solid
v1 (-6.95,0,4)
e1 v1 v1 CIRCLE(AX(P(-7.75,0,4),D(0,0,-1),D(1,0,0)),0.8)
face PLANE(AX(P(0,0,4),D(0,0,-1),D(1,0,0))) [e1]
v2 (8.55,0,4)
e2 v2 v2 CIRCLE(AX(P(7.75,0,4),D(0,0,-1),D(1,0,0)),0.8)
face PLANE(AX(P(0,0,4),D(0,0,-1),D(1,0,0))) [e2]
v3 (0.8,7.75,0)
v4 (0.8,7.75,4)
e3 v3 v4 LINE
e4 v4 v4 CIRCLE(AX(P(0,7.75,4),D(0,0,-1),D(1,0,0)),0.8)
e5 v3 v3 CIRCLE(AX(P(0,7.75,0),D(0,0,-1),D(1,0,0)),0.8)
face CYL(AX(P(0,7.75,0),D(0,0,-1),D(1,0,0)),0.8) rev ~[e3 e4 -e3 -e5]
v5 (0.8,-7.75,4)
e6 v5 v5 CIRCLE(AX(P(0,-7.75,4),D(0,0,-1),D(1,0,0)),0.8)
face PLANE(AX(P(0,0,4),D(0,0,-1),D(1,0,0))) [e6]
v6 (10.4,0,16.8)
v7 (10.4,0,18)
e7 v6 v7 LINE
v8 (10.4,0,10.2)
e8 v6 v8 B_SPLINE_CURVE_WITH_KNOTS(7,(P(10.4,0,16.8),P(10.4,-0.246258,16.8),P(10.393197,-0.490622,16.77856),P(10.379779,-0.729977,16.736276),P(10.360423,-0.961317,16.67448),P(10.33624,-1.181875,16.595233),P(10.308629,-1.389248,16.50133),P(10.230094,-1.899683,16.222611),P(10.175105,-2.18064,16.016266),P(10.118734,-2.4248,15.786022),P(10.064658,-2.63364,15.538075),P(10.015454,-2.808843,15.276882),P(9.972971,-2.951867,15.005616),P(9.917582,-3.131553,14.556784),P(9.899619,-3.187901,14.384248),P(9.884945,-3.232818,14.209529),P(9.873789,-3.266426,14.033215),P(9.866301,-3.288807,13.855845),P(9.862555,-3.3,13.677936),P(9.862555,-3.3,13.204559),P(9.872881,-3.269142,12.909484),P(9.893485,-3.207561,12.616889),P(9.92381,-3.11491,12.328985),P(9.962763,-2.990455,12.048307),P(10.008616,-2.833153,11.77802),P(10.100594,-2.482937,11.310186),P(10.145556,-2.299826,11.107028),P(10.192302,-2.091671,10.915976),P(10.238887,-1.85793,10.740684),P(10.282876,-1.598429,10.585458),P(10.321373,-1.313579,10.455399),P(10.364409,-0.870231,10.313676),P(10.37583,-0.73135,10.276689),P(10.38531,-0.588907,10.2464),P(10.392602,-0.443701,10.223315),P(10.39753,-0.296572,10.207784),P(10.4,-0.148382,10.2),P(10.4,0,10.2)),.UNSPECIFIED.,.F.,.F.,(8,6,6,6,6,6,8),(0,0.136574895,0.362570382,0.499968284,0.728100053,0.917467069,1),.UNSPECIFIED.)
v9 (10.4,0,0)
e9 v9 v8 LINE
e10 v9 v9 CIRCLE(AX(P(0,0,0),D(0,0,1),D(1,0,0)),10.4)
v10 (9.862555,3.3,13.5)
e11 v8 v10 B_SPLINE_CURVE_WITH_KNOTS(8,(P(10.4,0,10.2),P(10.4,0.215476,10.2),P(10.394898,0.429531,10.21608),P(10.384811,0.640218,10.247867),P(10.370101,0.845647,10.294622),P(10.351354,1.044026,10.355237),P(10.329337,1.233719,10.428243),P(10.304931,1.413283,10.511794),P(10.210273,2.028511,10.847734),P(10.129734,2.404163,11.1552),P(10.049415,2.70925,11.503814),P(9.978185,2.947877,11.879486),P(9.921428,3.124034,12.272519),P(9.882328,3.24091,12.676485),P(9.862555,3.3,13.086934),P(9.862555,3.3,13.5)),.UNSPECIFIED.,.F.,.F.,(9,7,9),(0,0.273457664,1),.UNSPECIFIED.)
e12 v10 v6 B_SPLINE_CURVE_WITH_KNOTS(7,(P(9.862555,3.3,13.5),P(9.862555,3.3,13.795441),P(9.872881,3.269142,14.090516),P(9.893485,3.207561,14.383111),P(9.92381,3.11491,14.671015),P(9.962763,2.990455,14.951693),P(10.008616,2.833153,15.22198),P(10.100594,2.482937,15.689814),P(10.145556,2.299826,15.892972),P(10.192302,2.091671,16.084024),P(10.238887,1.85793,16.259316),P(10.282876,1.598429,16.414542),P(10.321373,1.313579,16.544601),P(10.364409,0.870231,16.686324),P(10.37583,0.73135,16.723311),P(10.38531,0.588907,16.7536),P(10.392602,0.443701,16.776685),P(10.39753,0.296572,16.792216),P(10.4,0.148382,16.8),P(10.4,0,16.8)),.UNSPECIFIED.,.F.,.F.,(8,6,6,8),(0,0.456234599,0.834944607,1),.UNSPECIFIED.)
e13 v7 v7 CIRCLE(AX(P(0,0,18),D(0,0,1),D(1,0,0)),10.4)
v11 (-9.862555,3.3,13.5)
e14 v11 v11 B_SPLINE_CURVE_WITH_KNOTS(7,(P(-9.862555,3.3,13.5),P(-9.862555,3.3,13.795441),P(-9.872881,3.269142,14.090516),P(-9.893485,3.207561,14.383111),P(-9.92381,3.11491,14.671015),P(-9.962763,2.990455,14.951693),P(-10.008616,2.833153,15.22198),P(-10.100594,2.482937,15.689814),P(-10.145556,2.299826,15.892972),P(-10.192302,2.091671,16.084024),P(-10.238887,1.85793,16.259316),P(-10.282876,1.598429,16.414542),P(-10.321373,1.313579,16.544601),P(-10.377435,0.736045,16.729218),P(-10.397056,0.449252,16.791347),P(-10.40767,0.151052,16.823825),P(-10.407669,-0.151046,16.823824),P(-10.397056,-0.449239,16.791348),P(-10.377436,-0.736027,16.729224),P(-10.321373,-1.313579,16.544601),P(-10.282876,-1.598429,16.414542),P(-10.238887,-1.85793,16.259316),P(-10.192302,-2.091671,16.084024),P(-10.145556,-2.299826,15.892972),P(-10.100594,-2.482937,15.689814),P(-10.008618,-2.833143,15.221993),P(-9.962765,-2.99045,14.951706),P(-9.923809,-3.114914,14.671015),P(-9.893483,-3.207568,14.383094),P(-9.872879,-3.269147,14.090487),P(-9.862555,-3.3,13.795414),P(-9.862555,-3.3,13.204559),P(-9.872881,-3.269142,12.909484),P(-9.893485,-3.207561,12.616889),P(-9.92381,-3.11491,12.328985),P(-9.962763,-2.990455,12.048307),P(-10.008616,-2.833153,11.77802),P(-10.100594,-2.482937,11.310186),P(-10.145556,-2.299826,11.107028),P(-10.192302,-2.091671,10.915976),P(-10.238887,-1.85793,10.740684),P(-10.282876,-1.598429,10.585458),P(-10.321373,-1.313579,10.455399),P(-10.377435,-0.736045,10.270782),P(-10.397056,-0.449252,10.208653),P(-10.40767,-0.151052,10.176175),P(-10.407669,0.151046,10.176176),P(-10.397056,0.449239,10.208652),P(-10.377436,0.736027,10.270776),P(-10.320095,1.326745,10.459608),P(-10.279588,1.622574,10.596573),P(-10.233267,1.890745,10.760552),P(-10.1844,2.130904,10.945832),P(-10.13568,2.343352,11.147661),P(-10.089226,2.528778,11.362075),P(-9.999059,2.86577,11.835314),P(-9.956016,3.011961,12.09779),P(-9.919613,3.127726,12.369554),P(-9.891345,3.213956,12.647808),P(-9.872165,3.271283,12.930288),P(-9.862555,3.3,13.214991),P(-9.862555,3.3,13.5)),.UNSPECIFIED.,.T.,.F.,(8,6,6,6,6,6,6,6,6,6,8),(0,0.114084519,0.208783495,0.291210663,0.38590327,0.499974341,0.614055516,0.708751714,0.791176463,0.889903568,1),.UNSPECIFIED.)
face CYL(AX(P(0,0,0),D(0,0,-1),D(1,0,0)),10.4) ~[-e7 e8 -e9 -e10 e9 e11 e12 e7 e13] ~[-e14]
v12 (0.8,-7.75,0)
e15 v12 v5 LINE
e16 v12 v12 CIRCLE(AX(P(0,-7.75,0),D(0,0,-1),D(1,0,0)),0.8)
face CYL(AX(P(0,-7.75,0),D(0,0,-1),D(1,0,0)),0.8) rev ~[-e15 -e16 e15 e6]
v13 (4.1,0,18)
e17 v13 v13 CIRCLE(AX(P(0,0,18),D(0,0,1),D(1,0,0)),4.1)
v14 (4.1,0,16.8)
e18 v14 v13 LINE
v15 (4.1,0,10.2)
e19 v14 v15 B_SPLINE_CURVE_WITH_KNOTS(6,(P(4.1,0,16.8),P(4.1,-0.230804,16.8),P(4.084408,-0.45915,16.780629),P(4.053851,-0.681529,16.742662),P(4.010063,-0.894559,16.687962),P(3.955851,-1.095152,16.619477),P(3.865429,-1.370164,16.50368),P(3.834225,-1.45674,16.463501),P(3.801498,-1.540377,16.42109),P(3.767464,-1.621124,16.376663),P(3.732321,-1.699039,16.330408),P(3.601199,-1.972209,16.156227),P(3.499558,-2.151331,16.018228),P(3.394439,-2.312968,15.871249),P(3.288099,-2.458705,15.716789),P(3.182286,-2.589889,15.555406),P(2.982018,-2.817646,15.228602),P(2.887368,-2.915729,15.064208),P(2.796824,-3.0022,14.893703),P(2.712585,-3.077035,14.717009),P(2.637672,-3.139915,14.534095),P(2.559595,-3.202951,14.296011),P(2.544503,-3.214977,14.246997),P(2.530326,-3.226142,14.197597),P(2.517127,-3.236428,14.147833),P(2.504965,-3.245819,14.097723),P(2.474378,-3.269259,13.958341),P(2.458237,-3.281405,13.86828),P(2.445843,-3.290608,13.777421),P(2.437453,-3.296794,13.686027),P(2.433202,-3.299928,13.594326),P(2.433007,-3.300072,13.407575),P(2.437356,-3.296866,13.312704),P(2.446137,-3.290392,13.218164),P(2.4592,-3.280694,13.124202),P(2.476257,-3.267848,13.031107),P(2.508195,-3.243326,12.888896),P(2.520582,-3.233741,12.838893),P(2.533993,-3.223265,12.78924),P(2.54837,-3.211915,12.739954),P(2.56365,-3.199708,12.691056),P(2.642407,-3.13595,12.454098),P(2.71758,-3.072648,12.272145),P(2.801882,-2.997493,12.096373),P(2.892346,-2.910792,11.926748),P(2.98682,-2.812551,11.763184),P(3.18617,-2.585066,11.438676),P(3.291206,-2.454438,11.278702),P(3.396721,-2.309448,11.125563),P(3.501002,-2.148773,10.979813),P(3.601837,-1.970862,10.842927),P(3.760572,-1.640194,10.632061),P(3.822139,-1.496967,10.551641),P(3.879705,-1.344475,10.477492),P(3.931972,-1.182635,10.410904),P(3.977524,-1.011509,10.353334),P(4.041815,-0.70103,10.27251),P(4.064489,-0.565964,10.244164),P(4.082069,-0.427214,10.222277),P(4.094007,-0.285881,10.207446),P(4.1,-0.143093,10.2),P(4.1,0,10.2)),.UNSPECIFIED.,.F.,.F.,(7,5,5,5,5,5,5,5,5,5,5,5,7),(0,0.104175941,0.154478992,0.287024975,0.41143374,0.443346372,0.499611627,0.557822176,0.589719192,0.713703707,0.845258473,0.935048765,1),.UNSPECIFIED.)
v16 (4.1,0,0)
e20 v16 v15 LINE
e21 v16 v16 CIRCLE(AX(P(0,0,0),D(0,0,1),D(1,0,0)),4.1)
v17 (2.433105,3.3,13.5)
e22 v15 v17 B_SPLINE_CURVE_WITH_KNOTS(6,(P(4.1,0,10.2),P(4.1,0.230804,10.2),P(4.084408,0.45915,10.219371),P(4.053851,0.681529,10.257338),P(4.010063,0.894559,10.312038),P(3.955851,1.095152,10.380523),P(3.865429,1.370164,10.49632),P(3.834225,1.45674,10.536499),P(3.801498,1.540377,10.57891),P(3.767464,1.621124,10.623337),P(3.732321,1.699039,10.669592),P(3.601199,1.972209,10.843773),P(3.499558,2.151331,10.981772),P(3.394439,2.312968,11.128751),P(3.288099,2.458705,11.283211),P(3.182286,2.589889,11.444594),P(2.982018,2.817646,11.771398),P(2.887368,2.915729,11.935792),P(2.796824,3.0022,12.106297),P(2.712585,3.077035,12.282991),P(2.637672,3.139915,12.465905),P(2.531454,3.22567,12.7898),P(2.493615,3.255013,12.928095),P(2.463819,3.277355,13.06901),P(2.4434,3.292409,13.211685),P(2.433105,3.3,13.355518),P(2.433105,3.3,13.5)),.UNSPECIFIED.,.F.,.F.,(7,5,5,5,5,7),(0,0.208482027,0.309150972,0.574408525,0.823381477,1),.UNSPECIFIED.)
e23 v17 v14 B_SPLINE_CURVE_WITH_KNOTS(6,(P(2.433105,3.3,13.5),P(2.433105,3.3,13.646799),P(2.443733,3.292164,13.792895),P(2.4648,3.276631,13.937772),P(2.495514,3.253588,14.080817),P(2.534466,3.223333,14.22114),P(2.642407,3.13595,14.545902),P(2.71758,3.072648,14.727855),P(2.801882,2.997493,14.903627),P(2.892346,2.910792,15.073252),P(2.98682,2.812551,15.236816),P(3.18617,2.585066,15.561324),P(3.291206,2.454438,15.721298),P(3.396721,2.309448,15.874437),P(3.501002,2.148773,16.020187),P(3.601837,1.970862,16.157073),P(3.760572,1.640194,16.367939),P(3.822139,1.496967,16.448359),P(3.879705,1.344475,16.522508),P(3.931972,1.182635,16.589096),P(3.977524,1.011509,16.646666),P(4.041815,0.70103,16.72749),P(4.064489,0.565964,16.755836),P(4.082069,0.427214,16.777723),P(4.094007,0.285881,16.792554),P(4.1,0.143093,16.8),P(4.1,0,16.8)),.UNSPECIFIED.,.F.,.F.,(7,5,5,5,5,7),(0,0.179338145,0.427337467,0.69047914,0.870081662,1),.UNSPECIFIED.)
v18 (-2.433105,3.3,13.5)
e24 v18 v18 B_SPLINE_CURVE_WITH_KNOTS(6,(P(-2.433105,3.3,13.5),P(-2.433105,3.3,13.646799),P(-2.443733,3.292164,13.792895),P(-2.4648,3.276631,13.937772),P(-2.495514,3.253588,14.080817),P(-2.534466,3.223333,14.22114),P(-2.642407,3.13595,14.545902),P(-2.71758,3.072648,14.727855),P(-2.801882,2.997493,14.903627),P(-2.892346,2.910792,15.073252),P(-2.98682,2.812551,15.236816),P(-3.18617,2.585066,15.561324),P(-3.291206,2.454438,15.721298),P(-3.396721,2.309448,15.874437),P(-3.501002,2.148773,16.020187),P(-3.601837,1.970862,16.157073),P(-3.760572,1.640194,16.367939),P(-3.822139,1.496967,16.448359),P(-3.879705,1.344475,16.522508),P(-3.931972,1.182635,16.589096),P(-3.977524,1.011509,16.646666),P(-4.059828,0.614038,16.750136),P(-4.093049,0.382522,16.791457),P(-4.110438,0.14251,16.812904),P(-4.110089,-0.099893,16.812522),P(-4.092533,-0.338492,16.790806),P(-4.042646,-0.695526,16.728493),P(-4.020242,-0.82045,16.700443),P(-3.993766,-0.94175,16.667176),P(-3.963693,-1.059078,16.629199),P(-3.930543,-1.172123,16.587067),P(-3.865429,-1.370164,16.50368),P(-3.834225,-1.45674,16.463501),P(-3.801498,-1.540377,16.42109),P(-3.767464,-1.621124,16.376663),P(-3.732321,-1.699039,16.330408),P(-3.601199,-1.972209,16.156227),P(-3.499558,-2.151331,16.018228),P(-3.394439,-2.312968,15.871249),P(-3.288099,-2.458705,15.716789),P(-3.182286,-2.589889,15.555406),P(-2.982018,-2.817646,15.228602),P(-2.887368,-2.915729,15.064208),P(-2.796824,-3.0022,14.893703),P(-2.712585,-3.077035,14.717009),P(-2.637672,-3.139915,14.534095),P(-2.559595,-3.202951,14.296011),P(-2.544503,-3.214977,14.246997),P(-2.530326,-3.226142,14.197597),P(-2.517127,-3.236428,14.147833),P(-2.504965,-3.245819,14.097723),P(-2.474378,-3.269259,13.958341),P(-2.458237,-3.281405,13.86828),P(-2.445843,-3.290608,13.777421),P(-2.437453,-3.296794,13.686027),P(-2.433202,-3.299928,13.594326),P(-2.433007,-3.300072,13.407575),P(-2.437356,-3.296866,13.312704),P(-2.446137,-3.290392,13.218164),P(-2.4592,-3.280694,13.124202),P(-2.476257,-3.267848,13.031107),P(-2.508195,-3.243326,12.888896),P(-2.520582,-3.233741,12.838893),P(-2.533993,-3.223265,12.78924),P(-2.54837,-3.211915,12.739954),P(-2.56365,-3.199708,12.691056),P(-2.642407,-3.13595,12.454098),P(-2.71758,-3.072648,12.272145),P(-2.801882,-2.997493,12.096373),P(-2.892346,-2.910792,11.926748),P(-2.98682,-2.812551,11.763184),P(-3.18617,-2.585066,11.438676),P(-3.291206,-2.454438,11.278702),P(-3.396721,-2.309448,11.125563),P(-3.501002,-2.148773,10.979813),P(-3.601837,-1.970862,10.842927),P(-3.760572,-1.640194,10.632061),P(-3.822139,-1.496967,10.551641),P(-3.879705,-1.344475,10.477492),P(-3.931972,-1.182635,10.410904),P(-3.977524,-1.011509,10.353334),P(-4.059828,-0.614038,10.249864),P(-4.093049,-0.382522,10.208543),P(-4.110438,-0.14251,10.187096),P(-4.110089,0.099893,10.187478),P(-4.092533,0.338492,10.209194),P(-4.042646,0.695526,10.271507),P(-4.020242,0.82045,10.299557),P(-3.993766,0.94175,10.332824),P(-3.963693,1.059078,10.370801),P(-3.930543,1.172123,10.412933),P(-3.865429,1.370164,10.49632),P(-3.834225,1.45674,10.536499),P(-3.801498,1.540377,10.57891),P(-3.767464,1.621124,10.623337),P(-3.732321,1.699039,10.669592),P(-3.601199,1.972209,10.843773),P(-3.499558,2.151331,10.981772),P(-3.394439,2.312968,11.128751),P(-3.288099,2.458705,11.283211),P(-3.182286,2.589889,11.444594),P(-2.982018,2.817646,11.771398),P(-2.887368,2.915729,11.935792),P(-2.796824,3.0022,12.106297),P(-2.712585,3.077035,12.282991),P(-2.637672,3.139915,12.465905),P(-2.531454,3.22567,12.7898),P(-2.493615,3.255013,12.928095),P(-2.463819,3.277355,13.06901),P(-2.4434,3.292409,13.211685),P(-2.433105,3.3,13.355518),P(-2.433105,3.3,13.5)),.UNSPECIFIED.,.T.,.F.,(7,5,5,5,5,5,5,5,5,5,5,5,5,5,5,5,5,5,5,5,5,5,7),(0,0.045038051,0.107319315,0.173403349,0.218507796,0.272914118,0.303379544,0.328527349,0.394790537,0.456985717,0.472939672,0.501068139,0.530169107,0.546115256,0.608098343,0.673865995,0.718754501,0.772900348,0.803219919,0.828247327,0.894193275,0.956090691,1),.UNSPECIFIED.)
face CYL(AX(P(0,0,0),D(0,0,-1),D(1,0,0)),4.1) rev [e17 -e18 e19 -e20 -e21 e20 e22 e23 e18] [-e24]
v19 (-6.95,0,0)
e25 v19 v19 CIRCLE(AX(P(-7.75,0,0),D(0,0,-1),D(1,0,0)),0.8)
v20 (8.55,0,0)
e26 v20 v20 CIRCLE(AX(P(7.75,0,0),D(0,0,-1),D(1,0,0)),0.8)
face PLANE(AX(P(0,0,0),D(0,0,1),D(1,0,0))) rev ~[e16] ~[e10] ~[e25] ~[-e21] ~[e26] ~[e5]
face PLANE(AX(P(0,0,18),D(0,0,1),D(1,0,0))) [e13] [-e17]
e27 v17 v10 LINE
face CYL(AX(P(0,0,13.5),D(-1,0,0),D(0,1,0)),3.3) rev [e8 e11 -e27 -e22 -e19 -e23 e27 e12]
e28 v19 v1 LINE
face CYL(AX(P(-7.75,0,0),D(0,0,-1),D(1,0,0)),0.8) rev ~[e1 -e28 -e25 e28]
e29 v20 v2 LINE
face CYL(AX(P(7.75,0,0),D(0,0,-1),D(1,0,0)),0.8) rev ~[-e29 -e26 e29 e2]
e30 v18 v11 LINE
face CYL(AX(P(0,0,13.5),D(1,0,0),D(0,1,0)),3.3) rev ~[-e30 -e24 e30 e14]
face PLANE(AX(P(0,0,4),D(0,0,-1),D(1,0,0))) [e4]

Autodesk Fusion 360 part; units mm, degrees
sketch "ServoSideBase" plane through (0, 0, 0) normal (0, 0, 1) x (1, 0, 0) in component "ServoSide"
  circle A0 centre (0, 0) radius 10.4
  circle A1 centre (0, 0) radius 4.1
  dimension "d3" = 20.8
  dimension "d4" = 8.2
extrude "ExtrudeServoSideBase" add sketch "ServoSideBase" along normal blind 18 in component "ServoSide"
sketch "ServoScrews" plane through (0, 0, 0) normal (0, 0, -1) x (1, 0, 0) in component "ServoSide"
  circle A0 centre (0, 0) radius 4.1
  circle A1 centre (0, 0) radius 10.4
  line L0 (0, 10.4) -> (0, -10.4) construction
  line L1 (-10.4, 0) -> (10.4, 0) construction
  circle A2 centre (0, 7.75) radius 0.8
  circle A3 centre (-7.75, 0) radius 0.8
  circle A4 centre (0, -7.75) radius 0.8
  circle A5 centre (7.75, 0) radius 0.8
  point P0 (0, 7.75)
  dimension "d7" = 7.75
  dimension "d8" = 1.6
  dimension "d10" = 360
extrude "CutServoScrewHoles" cut sketch "ServoScrews" against normal blind 4 contours A2 | A3 | A4 | A5 in component "ServoSide"
sketch "LargeScrewHole" plane through (0, 0, 0) normal (1, 0, 0) x (0, 1, 0) in component "ServoSide"
  line L0 (0, 18) -> (0, 0) construction
  circle A0 centre (0, 13.5) radius 3.3
  point P0 (0, 18)
  dimension "d41" = 6.6
  dimension "d42" = 4.5
extrude "ExtrudeScrewHole" cut sketch "LargeScrewHole" along normal through all and the other way through all in component "ServoSide"
component "ServoSide" placed x (1, 0, 0) y (0, 1, 0) z (0, 0, 1) at (0, 0, 0)
equation "outside_diam = 20.8 mm"
equation "inside_diam = 8.2 mm"
equation "d3 = outside_diam"
equation "d4 = inside_diam"
equation "d5 = servoside_height"
equation "servoside_height = 18 mm"
equation "slop = 0.1 mm"
equation "neckside_height = 16 mm"
equation "sm_screw_diam = 3.9 mm"
equation "lg_screw_diam = 6.4 mm"
